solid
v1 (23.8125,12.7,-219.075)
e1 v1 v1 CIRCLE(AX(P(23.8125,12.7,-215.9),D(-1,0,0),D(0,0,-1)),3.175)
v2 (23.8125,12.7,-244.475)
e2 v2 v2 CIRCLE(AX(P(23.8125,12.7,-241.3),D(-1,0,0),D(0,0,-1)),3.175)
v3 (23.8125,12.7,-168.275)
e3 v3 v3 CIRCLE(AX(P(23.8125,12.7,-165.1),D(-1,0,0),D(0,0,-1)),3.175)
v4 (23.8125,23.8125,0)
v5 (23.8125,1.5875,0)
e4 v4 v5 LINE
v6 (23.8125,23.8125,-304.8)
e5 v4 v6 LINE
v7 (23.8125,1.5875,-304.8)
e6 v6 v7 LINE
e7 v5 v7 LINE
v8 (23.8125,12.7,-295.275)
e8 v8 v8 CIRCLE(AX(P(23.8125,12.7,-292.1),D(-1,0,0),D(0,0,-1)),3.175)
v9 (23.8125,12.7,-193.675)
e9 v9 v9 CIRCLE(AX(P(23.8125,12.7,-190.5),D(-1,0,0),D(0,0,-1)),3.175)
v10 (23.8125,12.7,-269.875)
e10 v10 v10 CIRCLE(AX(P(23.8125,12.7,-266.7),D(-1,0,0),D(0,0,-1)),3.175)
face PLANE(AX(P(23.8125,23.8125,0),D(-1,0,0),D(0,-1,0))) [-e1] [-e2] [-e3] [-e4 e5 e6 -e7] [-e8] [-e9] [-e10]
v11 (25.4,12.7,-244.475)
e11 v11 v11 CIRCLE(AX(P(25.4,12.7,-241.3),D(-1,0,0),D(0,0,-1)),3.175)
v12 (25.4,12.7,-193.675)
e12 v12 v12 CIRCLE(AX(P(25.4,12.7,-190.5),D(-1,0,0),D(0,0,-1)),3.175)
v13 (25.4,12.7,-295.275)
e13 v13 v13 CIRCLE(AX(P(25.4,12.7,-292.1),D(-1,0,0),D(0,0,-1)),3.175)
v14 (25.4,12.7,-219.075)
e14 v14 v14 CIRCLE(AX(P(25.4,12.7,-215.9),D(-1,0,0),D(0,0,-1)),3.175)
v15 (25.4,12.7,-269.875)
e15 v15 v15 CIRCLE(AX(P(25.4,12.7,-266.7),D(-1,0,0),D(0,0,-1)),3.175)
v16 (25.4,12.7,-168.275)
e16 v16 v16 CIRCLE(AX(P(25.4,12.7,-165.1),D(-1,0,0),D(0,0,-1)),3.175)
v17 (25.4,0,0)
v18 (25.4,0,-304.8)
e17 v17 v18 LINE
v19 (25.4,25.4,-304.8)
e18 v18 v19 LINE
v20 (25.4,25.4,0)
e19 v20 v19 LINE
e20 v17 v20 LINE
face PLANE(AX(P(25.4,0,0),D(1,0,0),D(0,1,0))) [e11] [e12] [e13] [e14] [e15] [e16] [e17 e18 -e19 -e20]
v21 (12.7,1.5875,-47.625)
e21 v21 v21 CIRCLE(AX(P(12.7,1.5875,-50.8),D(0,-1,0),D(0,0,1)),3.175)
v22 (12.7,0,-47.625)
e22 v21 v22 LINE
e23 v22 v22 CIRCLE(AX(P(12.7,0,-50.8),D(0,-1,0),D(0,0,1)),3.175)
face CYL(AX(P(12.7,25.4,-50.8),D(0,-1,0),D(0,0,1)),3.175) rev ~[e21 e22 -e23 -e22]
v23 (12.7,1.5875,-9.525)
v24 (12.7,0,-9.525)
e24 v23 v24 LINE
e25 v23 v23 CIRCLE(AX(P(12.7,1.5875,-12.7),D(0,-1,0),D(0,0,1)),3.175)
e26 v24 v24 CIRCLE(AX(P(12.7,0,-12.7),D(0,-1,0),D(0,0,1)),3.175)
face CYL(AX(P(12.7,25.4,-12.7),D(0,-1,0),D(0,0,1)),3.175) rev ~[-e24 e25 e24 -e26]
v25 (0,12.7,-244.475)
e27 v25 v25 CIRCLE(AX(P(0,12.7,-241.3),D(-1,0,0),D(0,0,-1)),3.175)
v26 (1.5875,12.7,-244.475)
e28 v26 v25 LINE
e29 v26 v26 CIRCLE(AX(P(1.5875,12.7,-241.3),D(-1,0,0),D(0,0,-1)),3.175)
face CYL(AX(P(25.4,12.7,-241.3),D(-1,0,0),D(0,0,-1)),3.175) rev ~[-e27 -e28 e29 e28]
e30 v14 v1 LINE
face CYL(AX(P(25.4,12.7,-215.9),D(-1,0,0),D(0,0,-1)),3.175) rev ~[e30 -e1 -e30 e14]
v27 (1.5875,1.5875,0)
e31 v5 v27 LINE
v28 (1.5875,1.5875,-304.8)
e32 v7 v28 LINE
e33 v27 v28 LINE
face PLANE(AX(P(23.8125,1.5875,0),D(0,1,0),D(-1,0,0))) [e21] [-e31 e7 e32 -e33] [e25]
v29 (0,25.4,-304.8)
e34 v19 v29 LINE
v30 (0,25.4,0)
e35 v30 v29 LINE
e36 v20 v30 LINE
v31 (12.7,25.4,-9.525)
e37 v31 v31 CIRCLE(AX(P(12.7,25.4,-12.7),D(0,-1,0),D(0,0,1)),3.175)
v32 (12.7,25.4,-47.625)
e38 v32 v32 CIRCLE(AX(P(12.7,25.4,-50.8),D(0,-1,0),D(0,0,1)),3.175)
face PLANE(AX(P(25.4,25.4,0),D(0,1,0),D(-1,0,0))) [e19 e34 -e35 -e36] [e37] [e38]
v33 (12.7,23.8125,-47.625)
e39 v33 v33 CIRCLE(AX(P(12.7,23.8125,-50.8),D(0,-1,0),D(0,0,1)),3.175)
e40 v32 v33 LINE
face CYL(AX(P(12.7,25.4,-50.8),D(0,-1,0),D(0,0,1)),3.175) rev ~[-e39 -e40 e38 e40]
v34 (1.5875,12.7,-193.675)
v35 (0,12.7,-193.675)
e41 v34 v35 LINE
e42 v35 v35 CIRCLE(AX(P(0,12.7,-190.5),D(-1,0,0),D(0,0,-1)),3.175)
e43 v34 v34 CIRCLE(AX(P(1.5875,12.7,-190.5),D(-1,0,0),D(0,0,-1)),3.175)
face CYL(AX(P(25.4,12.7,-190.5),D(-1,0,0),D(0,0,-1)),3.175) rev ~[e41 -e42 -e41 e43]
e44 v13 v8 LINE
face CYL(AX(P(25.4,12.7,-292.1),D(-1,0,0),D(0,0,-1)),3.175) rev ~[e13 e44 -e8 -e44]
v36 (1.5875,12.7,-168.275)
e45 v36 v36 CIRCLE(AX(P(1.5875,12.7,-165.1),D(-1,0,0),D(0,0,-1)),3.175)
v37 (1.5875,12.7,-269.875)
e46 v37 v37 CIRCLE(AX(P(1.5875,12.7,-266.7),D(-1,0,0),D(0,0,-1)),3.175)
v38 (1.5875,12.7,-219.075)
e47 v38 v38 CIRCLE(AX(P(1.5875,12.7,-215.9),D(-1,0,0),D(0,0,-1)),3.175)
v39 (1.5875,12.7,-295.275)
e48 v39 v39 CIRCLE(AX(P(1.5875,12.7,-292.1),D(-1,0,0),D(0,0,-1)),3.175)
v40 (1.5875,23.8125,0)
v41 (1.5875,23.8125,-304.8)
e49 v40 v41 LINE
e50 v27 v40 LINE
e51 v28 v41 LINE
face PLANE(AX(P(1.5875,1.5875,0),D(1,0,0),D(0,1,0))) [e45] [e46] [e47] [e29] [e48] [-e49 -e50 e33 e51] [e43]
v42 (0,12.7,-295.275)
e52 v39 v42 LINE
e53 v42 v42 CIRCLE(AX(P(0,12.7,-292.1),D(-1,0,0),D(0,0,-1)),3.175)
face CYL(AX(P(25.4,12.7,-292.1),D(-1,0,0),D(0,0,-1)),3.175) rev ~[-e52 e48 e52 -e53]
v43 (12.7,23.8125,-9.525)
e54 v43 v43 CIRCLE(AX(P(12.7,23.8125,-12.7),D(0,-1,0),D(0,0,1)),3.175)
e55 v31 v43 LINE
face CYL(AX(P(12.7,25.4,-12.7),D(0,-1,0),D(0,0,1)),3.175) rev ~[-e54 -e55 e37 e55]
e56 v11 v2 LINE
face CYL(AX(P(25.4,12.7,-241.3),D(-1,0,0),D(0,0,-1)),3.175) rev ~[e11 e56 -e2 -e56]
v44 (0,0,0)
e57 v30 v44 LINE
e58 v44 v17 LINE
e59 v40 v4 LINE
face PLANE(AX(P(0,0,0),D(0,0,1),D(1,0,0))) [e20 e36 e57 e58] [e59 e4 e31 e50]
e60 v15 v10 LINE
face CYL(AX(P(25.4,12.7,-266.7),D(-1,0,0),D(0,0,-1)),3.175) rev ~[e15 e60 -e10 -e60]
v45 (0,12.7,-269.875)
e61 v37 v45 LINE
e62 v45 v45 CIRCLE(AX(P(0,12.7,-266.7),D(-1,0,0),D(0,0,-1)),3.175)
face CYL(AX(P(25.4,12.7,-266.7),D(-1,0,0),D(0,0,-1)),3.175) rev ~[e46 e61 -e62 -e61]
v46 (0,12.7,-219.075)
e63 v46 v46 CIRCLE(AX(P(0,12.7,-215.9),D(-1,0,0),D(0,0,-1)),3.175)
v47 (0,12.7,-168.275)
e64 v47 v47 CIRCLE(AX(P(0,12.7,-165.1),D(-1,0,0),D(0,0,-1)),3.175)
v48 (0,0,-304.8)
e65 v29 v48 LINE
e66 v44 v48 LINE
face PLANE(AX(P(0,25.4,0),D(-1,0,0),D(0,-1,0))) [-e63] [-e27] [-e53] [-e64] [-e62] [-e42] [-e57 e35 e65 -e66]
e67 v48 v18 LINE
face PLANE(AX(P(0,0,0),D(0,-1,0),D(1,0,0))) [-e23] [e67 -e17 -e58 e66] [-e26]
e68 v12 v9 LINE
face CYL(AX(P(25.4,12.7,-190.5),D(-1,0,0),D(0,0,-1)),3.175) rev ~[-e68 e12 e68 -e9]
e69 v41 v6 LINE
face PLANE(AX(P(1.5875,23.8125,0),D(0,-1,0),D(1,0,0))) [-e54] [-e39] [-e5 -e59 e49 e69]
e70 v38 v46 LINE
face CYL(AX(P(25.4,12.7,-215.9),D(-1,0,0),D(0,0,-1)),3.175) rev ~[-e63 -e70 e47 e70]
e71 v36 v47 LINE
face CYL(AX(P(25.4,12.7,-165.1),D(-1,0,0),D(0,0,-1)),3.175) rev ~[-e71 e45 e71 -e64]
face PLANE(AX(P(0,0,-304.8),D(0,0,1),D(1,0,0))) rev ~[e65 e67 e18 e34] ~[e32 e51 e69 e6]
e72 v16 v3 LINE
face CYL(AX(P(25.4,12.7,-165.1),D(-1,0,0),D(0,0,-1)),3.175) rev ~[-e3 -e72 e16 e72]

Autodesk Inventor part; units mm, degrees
ref_plane "YZ Plane" through (0, 0, 0) normal (1, 0, 0) x (0, 1, 0)
ref_plane "XZ Plane" through (0, 0, 0) normal (0, 1, 0) x (-1, 0, 0)
ref_plane "XY Plane" through (0, 0, 0) normal (0, 0, 1) x (1, 0, 0)
sketch "Sketch1" plane through (0, 0, 0) normal (0, 0, 1) x (1, 0, 0)
  line L0 (0, 0) -> (25.4, 0)
  line L1 (25.4, 0) -> (25.4, 25.4)
  line L2 (25.4, 25.4) -> (0, 25.4)
  line L3 (0, 25.4) -> (0, 0)
  line L4 (1.5875, 23.8125) -> (23.8125, 23.8125)
  line L5 (23.8125, 23.8125) -> (23.8125, 1.5875)
  line L6 (23.8125, 1.5875) -> (1.5875, 1.5875)
  line L7 (1.5875, 1.5875) -> (1.5875, 23.8125)
  dimension "d0" = 25.4
  dimension "d1" = 25.4
  dimension "d2" = 1.5875
extrude "Extrusion1" add sketch "Sketch1" against normal blind 304.8
sketch "Sketch2" plane through (0, 25.4, 0) normal (0, 1, 0) x (1, 0, 0)
  line L0 (25.4, 0) -> (0, 0) projected
  point P0 (12.7, 12.7)
  point P1 (12.7, 50.8)
  dimension "d5" = 12.7
  dimension "d6" = 38.1
hole "Hole1" at (12.7, 25.4, -12.7) at (12.7, 25.4, -50.8) direction (0, -1, 0) diameter 6.35 depth 25.4 tip angle 118
sketch "Sketch3" plane through (25.4, 0, 0) normal (1, 0, 0) x (0, 0, -1)
  line L0 (304.8, 0) -> (304.8, 25.4) projected
  point P0 (292.1, 12.7)
  point P1 (266.7, 12.7)
  point P2 (241.3, 12.7)
  point P3 (215.9, 12.7)
  point P4 (190.5, 12.7)
  point P5 (165.1, 12.7)
  dimension "d14" = 25.4
  dimension "d15" = 25.4
  dimension "d16" = 25.4
  dimension "d17" = 25.4
  dimension "d18" = 12.7
  dimension "d26" = 25.4
hole "Hole2" at (25.4, 12.7, -292.1) at (25.4, 12.7, -266.7) at (25.4, 12.7, -241.3) at (25.4, 12.7, -215.9) at (25.4, 12.7, -190.5) at (25.4, 12.7, -165.1) direction (-1, 0, 0) diameter 6.35 depth 25.4 tip angle 118
properties part number "1tube_10_framegrabberarm"
